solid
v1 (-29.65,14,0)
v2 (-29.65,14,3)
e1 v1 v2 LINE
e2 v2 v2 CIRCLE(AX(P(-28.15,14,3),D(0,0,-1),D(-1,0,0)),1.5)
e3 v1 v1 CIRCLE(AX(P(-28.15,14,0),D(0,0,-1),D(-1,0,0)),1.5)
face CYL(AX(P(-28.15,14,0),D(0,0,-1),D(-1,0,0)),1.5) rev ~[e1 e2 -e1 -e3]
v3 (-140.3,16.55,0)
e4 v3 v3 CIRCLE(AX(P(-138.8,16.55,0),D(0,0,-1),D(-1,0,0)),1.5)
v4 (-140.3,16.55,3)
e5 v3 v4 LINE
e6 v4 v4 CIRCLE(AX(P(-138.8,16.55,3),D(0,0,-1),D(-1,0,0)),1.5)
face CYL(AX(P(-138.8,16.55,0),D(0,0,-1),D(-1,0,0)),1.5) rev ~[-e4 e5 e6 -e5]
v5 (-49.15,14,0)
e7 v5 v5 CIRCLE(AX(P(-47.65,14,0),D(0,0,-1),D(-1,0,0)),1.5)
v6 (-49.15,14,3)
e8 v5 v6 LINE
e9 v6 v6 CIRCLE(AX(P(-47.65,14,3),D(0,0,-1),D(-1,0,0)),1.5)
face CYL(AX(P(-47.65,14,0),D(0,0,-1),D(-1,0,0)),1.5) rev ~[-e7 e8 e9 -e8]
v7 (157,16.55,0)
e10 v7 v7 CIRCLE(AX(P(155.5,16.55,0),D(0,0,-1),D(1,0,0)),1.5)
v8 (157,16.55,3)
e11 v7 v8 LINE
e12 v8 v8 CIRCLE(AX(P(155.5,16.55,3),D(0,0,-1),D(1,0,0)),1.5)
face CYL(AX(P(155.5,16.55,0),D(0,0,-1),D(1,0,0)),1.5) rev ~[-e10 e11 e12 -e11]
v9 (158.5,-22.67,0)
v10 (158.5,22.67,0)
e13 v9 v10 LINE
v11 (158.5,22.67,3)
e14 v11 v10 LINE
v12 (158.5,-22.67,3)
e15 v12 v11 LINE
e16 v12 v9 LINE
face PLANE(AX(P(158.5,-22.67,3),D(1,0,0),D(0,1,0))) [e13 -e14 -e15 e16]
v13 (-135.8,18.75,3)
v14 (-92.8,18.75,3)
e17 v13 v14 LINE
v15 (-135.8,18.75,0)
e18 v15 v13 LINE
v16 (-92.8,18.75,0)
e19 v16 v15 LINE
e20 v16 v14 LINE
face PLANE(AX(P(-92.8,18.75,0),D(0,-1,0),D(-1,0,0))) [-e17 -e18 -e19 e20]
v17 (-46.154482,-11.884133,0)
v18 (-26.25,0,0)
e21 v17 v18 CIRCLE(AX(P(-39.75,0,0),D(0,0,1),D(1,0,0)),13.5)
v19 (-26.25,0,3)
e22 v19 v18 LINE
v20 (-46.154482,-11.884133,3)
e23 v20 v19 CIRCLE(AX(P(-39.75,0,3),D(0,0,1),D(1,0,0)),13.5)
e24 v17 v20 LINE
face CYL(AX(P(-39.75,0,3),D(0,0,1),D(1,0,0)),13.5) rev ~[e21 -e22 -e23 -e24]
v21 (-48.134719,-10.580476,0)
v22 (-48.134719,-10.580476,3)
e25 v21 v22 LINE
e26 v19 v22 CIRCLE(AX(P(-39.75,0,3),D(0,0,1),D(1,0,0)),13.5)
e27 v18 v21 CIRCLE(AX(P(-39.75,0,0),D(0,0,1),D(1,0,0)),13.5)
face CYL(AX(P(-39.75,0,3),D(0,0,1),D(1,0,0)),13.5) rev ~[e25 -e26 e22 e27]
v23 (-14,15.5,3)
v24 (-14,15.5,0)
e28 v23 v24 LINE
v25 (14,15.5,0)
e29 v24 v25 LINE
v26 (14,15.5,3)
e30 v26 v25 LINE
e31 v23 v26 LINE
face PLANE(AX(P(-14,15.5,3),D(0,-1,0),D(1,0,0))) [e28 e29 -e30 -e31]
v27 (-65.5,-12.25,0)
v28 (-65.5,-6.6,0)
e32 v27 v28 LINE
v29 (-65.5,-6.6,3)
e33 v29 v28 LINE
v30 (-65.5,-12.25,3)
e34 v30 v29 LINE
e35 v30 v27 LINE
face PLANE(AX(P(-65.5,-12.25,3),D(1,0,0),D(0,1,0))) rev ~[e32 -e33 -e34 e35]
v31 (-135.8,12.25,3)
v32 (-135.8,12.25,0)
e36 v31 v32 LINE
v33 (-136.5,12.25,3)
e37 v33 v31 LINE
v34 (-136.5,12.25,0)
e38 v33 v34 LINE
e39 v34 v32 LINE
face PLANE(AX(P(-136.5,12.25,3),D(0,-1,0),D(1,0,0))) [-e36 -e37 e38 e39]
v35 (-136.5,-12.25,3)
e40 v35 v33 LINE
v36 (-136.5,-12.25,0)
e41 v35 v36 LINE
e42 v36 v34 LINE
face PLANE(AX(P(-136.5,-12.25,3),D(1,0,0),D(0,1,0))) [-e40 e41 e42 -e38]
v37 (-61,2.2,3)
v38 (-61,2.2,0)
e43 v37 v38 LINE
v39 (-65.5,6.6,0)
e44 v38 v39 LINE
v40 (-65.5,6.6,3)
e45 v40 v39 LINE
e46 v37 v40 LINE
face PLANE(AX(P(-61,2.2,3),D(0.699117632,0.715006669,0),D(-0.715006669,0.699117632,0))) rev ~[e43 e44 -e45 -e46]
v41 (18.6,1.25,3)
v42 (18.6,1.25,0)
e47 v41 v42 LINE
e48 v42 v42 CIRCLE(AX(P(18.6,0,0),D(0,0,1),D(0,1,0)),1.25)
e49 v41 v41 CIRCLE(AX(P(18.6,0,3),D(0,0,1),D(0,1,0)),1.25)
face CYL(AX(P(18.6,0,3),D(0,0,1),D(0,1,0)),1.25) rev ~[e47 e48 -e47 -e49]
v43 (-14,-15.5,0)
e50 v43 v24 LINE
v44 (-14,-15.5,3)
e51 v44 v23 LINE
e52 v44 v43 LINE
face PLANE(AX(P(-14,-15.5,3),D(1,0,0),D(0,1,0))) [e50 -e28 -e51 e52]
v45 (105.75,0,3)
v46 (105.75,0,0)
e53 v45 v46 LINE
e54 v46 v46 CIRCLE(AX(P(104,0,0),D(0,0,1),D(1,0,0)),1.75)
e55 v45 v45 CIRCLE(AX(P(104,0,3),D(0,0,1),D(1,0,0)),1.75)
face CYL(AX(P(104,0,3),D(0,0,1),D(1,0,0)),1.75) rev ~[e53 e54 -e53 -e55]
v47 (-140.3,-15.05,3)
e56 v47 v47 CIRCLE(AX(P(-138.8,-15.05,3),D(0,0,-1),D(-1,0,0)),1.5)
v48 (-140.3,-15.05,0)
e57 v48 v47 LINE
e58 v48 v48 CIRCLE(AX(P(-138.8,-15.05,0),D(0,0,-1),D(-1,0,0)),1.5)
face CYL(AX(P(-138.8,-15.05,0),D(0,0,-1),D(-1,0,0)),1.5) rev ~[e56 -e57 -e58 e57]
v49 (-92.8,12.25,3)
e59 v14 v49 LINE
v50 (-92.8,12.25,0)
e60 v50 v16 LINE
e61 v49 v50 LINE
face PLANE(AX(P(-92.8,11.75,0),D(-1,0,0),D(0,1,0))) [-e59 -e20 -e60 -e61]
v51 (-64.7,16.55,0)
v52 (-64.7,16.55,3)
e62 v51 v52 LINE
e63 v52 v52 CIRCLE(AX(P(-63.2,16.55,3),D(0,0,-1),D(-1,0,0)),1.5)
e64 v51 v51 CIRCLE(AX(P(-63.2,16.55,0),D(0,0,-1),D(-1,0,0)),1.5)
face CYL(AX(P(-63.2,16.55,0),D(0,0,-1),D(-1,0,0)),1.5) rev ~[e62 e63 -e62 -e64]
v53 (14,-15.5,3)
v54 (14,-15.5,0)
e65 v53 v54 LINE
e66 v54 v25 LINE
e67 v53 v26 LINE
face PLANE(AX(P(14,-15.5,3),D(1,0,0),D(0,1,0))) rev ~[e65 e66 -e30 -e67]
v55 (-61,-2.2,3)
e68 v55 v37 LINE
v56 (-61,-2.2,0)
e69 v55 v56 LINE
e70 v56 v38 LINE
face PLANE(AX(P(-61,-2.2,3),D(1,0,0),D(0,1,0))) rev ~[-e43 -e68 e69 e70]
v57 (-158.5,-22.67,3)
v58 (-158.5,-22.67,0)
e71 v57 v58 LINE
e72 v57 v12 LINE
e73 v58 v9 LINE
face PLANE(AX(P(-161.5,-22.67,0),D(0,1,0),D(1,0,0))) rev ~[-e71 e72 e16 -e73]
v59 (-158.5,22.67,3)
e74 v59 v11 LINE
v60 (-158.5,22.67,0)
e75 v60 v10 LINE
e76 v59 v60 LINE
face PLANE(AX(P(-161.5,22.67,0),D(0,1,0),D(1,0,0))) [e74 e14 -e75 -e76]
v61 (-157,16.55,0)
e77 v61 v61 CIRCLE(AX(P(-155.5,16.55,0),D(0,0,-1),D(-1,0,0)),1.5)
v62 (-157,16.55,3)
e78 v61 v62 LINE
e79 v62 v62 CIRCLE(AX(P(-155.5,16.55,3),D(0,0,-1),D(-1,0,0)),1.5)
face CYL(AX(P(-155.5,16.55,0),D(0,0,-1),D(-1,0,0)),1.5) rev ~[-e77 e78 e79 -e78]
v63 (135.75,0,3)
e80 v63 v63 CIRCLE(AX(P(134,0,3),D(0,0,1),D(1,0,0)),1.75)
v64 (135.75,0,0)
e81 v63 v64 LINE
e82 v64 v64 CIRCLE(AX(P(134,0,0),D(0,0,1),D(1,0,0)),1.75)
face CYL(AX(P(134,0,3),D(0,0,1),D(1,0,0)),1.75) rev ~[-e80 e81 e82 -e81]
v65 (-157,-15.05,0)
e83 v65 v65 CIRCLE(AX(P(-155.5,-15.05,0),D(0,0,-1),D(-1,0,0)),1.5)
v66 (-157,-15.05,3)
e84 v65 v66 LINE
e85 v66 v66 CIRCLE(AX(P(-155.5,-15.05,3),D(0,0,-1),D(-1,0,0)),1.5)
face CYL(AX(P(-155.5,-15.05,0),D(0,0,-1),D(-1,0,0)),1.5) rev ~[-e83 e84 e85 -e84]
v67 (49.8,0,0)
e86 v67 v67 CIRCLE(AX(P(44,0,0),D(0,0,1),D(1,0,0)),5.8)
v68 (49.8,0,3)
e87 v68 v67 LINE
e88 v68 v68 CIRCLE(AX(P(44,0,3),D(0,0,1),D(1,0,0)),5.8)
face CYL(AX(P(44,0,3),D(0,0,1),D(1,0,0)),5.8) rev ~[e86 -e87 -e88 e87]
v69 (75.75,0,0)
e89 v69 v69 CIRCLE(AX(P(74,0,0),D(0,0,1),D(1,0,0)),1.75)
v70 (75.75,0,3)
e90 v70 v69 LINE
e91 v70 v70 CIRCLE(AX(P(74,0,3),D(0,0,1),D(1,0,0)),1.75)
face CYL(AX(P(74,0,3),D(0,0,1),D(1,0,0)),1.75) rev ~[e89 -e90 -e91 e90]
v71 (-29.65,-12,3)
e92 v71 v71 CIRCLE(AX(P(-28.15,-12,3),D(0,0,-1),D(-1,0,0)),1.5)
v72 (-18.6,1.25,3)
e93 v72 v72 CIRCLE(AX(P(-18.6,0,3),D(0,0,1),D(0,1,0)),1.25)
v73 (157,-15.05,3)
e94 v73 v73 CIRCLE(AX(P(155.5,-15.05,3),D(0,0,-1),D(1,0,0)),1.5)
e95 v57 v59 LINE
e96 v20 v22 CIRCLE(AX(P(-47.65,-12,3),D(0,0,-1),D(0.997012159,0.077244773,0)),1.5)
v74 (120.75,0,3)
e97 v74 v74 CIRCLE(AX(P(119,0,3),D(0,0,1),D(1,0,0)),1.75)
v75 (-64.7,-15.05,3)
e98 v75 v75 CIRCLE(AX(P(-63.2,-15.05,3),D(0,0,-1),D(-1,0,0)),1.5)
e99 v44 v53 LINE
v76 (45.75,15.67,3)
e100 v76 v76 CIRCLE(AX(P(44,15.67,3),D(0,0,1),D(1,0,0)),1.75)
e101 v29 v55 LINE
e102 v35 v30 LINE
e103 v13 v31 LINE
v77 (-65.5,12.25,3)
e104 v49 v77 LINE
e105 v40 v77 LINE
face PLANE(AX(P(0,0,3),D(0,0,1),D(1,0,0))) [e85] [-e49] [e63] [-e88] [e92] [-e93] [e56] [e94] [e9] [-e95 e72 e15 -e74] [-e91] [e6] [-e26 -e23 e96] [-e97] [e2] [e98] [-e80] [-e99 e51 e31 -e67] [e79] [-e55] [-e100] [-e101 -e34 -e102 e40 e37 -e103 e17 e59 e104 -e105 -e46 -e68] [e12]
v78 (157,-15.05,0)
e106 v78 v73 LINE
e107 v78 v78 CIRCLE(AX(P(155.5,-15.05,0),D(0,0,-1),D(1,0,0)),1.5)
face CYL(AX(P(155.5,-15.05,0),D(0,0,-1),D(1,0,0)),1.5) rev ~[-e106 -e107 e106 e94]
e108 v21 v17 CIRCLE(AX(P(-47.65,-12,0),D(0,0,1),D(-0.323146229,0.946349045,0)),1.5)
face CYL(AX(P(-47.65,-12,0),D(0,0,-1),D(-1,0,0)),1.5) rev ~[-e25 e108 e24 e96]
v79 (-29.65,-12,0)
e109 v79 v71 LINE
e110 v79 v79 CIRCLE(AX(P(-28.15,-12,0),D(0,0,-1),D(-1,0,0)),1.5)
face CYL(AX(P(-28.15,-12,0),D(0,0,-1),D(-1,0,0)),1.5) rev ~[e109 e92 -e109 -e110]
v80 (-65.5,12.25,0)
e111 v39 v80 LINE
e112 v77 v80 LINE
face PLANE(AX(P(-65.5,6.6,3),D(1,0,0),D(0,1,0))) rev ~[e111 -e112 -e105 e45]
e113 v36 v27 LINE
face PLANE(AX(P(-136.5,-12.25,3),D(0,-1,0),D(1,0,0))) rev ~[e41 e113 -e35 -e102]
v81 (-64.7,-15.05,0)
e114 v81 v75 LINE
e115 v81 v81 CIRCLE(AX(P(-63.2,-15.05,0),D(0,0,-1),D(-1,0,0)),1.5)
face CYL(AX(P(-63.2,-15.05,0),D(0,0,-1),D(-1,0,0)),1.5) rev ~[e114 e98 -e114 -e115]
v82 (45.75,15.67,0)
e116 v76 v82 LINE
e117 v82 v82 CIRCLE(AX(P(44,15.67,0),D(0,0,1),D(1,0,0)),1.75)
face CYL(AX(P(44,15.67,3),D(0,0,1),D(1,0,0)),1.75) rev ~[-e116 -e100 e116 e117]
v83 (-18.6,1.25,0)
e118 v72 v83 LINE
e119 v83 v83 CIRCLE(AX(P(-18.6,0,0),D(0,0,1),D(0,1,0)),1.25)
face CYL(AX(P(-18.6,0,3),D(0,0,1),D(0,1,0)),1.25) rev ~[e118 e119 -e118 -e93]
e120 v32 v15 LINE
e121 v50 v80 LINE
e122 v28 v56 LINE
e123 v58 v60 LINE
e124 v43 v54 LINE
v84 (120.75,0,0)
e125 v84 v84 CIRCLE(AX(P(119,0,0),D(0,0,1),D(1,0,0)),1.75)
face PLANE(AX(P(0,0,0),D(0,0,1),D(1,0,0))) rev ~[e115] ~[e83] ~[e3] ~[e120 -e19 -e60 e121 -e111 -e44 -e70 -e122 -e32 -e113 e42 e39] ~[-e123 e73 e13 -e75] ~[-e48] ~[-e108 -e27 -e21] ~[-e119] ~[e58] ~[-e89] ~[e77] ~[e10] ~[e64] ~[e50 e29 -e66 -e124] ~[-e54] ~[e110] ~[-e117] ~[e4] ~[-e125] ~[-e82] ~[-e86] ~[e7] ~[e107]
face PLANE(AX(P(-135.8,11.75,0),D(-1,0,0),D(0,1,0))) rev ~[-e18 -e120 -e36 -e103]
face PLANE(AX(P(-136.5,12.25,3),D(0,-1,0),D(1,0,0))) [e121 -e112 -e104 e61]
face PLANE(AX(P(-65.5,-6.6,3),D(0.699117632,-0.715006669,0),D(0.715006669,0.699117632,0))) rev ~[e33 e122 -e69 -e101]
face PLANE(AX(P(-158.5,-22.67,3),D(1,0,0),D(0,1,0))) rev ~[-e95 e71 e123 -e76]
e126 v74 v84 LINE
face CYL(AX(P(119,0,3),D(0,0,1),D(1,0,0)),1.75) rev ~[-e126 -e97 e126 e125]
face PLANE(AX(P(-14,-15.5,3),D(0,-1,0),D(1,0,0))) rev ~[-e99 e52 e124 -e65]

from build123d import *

# Parameters (mm, degrees)
SKETCH1_W               = 323
SKETCH1_H               = 45.34
BOSS_EXTRUDE1_DEPTH     = 3
SKETCH2_W               = 71
SKETCH2_H               = 24.5
SKETCH2_R               = 13.5
SKETCH2_W_2             = 28
SKETCH2_H_2             = 31
SKETCH2_R_2             = 5.8
SKETCH2_R_3             = 1.75
CUT_EXTRUDE1_DEPTH      = 1
CUT_EXTRUDE1_DEPTH_BACK = 4
SKETCH3_R               = 1.5
SKETCH3_W               = 43
SKETCH3_H               = 7
CUT_EXTRUDE2_DEPTH      = 10
CUT_EXTRUDE4_DEPTH      = 10
SKETCH6_W               = 3
SKETCH6_H               = 45.34
CUT_EXTRUDE5_DEPTH      = 10
SKETCH7_R               = 1.5
CUT_EXTRUDE6_DEPTH      = 4


with BuildPart() as part:
    # Sketch1 → Boss-Extrude1 (new body)
    with BuildSketch(Plane.XY):
        Rectangle(SKETCH1_W, SKETCH1_H)
    extrude(amount=BOSS_EXTRUDE1_DEPTH)

    # Sketch2 → Cut-Extrude1 (cut, two sides)
    with BuildSketch(Plane.XY.offset(3)) as cut_extrude1_sk:
        with Locations((-101, 0)):
            Rectangle(SKETCH2_W, SKETCH2_H)
        Polygon((-61, 2.2), (-65.5, 6.6), (-65.5, -6.6), (-61, -2.2), align=None)
        with Locations((-39.75, 0)):
            Circle(SKETCH2_R)
        Rectangle(SKETCH2_W_2, SKETCH2_H_2)
        with Locations((44, 0)):
            Circle(SKETCH2_R_2)
        with Locations((44, 15.67)):
            Circle(SKETCH2_R_3)
        with Locations((74, 0)):
            Circle(SKETCH2_R_3)
        with Locations((104, 0)):
            Circle(SKETCH2_R_3)
        with Locations((119, 0)):
            Circle(SKETCH2_R_3)
        with Locations((134, 0)):
            Circle(SKETCH2_R_3)
    extrude(amount=CUT_EXTRUDE1_DEPTH, mode=Mode.SUBTRACT)
    extrude(cut_extrude1_sk.sketch, amount=-CUT_EXTRUDE1_DEPTH_BACK, mode=Mode.SUBTRACT)

    # Sketch3 → Cut-Extrude2 (cut)
    with BuildSketch(Plane(origin=(0, 0, 0), x_dir=(-1, 0, 0), z_dir=(0, 0, -1))):
        with Locations((63.2, 16.55)):
            Circle(SKETCH3_R)
        with Locations((63.2, -15.05)):
            Circle(SKETCH3_R)
        with Locations((138.8, -15.05)):
            Circle(SKETCH3_R)
        with Locations((138.8, 16.55)):
            Circle(SKETCH3_R)
        with Locations((155.5, 16.55)):
            Circle(SKETCH3_R)
        with Locations((155.5, -15.05)):
            Circle(SKETCH3_R)
        with Locations(Location((-155.5, -15.05, 0), (0, 0, 180))):  # turned: the seam where the file's is
            Circle(SKETCH3_R)
        with Locations(Location((-155.5, 16.55, 0), (0, 0, 180))):  # turned: the seam where the file's is
            Circle(SKETCH3_R)
        with Locations((114.3, 15.25)):
            Rectangle(SKETCH3_W, SKETCH3_H)
    extrude(amount=-CUT_EXTRUDE2_DEPTH, mode=Mode.SUBTRACT)

    # Sketch5 → Cut-Extrude4 (cut)
    with BuildSketch(Plane.XY.offset(3)):
        with BuildLine():
            ThreePointArc((18.6, -1.25), (19.85, 0), (18.6, 1.25))
            ThreePointArc((18.6, 1.25), (17.35, 0), (18.6, -1.25))
        make_face()
        with BuildLine():
            ThreePointArc((-18.6, -1.25), (-17.35, 0), (-18.6, 1.25))
            ThreePointArc((-18.6, 1.25), (-19.85, 0), (-18.6, -1.25))
        make_face()
    extrude(amount=-CUT_EXTRUDE4_DEPTH, mode=Mode.SUBTRACT)

    # Sketch6 → Cut-Extrude5 (cut)
    with BuildSketch(Plane.XY.offset(3)):
        with Locations((-160, 0)):
            Rectangle(SKETCH6_W, SKETCH6_H)
        with Locations((160, 0)):
            Rectangle(SKETCH6_W, SKETCH6_H)
    extrude(amount=-CUT_EXTRUDE5_DEPTH, mode=Mode.SUBTRACT)

    # Sketch7 → Cut-Extrude6 (cut, through all)
    with BuildSketch(Plane(origin=(0, 0, 0), x_dir=(-1, 0, 0), z_dir=(0, 0, -1))):
        with Locations((28.15, -12)):
            Circle(SKETCH7_R)
        with Locations((47.65, -12)):
            Circle(SKETCH7_R)
        with Locations((47.65, 14)):
            Circle(SKETCH7_R)
        with Locations((28.15, 14)):
            Circle(SKETCH7_R)
    extrude(amount=-CUT_EXTRUDE6_DEPTH, mode=Mode.SUBTRACT)


solid = part.part
